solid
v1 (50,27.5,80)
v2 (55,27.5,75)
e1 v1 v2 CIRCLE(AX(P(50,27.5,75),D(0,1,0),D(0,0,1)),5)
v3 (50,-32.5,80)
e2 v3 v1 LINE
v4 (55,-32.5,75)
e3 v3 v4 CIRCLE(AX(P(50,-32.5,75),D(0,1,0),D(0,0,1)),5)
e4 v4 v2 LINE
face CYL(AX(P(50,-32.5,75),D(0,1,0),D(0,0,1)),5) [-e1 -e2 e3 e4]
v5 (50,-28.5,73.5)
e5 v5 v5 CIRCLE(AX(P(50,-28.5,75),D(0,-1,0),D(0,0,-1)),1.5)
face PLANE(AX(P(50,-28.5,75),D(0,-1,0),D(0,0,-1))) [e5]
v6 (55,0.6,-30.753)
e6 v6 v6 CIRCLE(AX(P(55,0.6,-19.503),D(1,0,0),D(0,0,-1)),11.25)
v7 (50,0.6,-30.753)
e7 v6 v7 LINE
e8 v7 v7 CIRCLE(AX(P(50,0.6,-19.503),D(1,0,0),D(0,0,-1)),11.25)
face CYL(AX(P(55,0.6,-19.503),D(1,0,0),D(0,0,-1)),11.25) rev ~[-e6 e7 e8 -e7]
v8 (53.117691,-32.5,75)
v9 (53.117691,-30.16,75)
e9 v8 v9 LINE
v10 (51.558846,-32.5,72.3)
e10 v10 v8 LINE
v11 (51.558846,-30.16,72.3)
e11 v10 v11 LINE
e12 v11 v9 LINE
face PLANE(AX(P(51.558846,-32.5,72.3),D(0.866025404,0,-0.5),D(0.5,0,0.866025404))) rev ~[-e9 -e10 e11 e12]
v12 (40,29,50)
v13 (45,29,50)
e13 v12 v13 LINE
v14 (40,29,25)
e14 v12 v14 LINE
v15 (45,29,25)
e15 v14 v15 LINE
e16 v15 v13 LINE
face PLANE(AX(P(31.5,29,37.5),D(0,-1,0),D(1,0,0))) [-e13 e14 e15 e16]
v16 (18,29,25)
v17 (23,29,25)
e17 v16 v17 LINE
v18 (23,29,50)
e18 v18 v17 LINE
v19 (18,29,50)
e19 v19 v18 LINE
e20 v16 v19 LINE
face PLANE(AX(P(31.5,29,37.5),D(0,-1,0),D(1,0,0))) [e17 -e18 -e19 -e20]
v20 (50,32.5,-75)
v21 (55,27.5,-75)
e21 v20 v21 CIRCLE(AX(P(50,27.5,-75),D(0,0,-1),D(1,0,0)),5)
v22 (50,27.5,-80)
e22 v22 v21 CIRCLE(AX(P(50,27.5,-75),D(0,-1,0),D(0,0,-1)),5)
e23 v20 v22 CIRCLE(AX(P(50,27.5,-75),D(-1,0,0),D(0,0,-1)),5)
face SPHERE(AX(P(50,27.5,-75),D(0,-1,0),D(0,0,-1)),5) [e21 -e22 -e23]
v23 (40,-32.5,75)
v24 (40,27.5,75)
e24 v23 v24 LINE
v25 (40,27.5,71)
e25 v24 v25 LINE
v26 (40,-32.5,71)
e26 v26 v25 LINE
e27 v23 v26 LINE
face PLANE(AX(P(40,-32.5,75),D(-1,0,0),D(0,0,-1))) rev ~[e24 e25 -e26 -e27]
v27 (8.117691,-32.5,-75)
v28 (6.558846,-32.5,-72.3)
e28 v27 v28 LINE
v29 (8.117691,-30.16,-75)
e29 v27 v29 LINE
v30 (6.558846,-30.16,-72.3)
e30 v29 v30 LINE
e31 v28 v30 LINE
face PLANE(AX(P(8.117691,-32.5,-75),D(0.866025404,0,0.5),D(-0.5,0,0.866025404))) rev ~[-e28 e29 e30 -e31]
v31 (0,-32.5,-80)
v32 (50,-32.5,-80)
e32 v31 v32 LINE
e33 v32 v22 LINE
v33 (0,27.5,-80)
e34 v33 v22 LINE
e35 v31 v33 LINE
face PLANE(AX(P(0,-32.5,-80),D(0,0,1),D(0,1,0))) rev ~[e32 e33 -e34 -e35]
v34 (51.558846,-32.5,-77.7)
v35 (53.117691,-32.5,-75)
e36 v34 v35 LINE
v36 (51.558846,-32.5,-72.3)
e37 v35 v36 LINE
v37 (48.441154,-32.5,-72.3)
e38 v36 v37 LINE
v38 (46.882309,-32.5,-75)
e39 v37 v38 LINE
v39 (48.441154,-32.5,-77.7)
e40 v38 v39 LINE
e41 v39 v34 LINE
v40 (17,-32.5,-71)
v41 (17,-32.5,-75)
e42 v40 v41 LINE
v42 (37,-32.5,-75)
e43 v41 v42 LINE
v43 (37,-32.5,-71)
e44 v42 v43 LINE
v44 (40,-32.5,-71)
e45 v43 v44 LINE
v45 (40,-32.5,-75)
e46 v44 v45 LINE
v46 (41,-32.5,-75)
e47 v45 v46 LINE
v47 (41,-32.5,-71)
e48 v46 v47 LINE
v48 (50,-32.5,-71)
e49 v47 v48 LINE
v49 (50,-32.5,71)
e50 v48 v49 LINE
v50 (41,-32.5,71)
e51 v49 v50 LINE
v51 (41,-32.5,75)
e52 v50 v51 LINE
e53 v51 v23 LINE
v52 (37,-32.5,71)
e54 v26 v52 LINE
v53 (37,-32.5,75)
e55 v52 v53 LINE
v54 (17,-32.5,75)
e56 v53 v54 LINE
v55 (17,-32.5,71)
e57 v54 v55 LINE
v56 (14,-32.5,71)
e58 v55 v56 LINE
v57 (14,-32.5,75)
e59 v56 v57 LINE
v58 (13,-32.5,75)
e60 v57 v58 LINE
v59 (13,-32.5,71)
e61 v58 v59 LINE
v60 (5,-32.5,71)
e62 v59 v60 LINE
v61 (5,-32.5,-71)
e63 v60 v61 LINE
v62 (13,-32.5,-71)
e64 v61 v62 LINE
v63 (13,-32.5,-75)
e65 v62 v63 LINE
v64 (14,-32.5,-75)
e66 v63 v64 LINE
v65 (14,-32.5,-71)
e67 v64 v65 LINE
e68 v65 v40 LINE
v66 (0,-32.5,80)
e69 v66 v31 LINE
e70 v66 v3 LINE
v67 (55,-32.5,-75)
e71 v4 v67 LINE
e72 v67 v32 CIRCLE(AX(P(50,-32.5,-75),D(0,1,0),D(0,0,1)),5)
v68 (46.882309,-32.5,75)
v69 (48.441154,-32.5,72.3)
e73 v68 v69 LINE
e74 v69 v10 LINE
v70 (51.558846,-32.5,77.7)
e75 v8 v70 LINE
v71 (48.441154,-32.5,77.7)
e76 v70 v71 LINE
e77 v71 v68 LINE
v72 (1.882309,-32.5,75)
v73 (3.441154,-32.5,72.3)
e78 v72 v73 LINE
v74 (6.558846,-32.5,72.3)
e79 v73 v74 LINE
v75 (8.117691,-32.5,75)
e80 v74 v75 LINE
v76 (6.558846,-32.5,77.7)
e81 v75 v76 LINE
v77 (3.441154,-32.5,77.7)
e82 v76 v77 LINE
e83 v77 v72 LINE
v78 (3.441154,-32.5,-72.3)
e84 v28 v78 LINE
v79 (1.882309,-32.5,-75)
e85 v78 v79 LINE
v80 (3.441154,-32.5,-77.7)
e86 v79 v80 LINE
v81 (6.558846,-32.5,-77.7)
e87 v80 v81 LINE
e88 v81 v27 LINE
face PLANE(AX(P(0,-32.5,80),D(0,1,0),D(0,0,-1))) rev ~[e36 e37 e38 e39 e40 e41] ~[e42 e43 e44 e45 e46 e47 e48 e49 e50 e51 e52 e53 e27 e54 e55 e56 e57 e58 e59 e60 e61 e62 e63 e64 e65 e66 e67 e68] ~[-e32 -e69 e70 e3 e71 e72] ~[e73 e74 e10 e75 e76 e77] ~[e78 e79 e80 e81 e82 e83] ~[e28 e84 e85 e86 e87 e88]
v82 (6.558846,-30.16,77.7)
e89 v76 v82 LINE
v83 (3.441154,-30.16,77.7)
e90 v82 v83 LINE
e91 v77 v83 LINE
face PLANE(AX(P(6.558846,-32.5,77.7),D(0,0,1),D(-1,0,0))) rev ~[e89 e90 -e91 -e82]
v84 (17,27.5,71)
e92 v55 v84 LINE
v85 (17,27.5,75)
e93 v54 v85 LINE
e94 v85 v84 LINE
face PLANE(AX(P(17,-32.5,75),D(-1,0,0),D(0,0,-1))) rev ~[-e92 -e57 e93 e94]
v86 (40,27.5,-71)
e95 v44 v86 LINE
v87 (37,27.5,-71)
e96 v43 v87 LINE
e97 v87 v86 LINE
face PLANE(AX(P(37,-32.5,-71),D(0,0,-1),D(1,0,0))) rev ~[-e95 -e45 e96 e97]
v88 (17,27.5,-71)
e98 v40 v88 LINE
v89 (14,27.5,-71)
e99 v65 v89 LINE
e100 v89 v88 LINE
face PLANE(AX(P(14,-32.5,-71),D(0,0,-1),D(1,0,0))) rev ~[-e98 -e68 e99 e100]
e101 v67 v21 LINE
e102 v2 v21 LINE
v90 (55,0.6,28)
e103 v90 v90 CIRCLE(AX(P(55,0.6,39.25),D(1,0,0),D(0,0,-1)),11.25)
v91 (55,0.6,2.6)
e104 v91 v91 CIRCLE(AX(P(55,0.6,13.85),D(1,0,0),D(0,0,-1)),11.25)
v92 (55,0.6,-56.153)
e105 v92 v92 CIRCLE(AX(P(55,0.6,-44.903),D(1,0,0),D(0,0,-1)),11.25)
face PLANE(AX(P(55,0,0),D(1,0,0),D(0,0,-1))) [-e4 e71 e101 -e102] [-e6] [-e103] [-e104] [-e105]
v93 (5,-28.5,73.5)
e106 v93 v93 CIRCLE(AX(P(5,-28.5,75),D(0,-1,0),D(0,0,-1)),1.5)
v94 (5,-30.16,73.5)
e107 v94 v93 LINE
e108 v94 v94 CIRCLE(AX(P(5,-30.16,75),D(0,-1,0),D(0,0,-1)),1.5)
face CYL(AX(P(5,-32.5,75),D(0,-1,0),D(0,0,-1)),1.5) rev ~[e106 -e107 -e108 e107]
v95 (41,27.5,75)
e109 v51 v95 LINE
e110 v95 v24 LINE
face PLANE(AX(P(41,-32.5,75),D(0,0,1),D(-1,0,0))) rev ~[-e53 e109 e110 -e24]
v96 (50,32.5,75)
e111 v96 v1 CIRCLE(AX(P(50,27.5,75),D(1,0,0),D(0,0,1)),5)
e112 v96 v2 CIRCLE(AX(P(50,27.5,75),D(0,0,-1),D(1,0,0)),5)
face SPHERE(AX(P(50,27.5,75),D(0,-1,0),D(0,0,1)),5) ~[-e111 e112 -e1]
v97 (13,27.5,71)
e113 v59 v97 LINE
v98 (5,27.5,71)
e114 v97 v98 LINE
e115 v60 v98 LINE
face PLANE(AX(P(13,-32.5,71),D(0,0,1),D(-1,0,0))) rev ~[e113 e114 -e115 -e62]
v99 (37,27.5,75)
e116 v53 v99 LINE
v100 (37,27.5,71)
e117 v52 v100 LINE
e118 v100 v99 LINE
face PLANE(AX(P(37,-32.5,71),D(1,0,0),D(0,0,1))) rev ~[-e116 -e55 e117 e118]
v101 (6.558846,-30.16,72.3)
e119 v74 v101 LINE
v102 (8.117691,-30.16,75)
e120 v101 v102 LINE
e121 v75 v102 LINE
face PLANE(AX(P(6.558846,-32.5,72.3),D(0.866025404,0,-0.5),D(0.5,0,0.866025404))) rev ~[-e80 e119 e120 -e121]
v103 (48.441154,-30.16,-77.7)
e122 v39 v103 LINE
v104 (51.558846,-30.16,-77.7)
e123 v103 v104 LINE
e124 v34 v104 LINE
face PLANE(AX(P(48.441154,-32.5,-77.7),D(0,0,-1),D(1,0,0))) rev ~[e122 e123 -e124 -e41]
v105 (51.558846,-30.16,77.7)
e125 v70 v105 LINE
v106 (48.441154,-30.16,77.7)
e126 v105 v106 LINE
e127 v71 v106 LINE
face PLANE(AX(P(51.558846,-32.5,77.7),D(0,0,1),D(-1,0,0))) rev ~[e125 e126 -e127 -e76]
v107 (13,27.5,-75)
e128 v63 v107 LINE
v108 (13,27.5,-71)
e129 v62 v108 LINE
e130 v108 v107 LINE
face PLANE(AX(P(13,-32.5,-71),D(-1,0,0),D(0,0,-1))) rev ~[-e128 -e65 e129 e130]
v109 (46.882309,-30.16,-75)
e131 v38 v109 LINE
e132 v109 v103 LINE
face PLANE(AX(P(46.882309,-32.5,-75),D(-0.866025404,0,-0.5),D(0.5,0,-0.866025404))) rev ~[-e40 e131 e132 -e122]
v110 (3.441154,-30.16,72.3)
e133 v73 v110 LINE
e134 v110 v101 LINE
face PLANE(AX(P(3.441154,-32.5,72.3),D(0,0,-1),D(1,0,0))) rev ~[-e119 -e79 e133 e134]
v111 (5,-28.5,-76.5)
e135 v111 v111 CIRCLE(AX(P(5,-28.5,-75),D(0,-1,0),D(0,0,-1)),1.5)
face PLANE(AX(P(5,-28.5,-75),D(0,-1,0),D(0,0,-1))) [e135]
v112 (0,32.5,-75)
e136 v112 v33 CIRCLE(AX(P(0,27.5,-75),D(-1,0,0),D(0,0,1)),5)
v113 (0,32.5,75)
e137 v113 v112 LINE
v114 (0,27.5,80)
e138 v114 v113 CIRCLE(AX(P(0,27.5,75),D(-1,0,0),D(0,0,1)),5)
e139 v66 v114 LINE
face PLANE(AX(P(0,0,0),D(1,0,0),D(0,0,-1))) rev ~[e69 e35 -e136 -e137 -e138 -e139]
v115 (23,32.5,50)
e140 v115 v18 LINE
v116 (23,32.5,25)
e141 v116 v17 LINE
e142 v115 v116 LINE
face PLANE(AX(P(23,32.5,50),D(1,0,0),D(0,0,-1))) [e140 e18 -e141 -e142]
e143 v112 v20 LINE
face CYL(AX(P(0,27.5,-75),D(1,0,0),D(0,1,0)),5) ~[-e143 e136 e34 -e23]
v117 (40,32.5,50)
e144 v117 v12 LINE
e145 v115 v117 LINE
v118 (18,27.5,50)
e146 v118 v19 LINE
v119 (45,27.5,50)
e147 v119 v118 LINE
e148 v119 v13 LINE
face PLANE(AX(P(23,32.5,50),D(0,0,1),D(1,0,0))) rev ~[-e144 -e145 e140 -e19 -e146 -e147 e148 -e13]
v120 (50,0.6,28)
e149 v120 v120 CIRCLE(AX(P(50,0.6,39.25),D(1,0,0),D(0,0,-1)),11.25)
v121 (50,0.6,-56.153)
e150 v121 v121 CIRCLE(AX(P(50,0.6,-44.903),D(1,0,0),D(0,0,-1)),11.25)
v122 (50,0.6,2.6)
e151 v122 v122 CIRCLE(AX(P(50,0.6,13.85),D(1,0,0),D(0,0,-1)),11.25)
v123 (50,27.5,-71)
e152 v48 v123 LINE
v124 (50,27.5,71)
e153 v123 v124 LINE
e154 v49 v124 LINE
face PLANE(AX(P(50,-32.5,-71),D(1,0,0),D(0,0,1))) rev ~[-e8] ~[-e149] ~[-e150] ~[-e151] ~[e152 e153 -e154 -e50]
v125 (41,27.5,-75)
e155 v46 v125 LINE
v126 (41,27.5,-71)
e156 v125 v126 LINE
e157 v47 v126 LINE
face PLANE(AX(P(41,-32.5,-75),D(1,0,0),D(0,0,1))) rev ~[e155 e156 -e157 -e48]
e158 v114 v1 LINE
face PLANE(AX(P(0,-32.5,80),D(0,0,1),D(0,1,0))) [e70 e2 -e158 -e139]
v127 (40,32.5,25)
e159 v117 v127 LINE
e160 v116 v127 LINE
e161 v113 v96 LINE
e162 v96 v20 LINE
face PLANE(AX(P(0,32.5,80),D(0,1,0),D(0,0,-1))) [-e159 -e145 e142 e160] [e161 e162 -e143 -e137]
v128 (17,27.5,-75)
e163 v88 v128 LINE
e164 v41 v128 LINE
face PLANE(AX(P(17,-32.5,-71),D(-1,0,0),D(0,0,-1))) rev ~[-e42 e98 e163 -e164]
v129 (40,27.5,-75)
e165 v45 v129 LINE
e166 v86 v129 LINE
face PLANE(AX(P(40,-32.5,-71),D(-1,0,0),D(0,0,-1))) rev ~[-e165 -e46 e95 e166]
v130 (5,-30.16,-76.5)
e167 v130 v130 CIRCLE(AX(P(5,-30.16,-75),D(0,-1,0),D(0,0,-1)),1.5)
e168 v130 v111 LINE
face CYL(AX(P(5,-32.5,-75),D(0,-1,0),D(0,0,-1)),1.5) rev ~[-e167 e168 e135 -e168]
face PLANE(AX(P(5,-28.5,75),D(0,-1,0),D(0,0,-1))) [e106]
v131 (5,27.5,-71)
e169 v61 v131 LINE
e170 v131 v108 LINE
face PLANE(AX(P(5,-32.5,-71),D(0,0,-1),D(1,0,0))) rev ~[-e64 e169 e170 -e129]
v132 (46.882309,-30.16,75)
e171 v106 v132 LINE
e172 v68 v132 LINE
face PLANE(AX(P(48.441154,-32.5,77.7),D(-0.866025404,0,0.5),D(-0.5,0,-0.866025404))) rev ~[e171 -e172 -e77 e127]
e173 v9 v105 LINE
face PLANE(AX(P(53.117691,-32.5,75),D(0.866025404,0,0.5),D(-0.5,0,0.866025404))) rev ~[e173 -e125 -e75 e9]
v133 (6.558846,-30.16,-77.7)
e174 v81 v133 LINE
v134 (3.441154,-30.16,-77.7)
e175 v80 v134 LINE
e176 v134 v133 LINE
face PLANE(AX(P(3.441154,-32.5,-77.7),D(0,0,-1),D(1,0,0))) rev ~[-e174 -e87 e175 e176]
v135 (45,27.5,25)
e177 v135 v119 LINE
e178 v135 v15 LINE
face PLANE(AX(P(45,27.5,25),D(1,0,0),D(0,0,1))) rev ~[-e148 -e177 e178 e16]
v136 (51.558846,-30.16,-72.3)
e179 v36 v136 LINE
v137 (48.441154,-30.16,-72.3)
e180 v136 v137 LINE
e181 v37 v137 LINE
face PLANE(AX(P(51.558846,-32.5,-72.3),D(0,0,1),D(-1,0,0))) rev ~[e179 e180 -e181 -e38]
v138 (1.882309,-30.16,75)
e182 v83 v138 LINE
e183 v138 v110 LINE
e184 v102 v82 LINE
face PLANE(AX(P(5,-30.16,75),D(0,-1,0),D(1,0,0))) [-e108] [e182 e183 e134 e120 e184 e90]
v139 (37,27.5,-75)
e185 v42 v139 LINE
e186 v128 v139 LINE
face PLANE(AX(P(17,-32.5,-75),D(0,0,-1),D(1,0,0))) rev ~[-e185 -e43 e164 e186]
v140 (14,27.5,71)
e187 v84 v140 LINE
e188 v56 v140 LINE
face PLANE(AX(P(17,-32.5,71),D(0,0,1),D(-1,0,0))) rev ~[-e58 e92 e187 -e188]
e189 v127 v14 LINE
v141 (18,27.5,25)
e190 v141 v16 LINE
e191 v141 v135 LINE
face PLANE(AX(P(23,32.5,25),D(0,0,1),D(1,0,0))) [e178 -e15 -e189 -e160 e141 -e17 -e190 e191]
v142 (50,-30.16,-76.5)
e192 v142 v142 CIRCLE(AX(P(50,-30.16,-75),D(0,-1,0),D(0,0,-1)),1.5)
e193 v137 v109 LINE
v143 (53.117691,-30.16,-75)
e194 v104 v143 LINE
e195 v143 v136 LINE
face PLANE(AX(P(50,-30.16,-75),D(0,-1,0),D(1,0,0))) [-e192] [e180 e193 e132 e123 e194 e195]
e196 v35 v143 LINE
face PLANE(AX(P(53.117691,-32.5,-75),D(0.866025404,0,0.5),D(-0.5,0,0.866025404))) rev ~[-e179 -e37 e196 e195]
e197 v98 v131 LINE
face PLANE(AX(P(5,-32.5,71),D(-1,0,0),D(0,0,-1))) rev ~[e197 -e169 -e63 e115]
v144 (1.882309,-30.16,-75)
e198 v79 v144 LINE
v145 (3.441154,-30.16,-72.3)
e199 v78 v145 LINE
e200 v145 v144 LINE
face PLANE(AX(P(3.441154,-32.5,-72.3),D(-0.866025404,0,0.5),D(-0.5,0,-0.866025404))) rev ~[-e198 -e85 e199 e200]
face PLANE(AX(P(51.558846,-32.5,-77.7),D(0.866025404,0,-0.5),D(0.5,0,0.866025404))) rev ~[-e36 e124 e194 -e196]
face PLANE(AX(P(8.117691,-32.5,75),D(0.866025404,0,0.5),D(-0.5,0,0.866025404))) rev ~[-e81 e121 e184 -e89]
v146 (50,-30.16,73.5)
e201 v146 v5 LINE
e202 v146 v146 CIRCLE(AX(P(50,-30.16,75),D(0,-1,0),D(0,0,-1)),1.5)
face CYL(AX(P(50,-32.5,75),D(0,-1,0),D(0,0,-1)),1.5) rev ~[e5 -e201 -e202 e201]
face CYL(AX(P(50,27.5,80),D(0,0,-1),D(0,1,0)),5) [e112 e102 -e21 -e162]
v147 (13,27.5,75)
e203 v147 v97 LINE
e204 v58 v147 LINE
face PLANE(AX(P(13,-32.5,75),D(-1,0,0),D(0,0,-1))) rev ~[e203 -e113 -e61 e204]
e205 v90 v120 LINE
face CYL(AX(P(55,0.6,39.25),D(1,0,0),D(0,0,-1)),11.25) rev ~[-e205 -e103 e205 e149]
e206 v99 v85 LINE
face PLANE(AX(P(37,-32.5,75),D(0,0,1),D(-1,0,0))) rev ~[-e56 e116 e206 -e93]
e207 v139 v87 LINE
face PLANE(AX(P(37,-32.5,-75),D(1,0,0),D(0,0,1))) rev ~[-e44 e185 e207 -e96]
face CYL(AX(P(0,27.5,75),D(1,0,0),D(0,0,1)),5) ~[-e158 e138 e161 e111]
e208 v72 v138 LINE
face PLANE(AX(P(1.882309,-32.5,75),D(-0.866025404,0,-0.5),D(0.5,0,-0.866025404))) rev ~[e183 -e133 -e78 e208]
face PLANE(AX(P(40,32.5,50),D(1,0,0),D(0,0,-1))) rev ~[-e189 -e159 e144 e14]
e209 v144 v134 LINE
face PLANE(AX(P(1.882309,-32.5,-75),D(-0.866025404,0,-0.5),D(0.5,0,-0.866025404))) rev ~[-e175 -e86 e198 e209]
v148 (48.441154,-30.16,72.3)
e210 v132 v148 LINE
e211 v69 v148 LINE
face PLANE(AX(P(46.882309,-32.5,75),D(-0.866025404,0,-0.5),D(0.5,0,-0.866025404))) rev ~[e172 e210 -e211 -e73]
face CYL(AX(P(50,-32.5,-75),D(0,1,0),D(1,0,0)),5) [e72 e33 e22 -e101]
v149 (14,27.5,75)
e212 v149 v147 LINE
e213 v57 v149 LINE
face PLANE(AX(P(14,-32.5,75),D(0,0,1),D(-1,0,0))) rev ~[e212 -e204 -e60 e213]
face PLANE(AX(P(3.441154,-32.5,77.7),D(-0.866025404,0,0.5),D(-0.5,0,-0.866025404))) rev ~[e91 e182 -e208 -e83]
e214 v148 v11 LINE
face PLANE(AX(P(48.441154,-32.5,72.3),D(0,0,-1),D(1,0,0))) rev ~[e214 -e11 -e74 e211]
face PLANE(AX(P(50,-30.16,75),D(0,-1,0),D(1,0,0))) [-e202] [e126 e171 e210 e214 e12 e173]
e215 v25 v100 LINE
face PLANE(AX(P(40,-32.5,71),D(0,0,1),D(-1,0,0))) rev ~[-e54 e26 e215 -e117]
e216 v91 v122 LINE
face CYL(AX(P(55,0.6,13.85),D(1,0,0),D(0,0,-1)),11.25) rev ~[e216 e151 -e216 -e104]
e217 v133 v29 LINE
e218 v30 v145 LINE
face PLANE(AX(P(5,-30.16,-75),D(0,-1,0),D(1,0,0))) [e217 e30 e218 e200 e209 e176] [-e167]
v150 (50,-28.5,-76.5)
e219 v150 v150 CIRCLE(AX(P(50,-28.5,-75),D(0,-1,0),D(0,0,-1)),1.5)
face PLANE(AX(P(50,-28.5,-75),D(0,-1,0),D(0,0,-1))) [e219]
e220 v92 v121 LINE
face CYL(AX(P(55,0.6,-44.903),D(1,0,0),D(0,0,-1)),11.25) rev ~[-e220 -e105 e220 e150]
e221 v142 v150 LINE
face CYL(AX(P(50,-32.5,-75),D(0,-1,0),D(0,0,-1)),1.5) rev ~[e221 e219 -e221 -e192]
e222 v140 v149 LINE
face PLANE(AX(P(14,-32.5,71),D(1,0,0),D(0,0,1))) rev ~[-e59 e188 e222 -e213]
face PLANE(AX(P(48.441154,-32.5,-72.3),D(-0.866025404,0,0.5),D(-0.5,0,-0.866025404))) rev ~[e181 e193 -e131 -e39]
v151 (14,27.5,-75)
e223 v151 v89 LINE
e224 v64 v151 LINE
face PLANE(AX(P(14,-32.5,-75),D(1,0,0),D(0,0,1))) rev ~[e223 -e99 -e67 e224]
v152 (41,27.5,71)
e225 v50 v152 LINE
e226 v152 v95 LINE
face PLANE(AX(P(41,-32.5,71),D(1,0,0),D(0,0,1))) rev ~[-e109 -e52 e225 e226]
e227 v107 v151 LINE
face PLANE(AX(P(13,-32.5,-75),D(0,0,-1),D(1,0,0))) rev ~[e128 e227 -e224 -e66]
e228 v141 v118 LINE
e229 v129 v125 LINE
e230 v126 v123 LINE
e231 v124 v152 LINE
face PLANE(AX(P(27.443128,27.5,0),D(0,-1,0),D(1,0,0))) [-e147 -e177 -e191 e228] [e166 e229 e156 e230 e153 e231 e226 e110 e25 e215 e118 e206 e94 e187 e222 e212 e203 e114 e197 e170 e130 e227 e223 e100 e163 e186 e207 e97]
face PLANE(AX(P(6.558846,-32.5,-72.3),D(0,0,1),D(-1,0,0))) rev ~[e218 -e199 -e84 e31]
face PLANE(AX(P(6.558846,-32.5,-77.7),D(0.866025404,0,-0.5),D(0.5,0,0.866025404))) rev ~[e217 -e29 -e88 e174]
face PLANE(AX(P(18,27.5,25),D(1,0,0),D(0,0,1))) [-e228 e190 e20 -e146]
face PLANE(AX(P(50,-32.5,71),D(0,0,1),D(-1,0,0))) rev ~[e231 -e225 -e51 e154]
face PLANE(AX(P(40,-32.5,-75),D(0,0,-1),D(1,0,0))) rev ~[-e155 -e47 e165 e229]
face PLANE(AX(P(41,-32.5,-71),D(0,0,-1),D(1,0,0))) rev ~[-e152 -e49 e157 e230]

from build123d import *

# Parameters (mm, degrees)
SKETCH_1_W          = 160
SKETCH_1_H          = 65
EXTRUDE_1_DEPTH     = 55
CUT_EXTRUDE_3_DEPTH = 60
SKETCH_6_W          = 17
SKETCH_6_H          = 25
CUT_EXTRUDE_4_DEPTH = 60
SKETCH_7_W          = 27
SKETCH_7_H          = 25
CUT_EXTRUDE_5_DEPTH = 1.5
SKETCH_9_R          = 11.25
CUT_EXTRUDE_6_DEPTH = 10
FILLET_3_R          = 5
CUT_EXTRUDE_7_DEPTH = 2.34
SKETCH_12_R         = 1.5
CUT_EXTRUDE_8_DEPTH = 4


with BuildPart() as part:
    # Эскиз1 → Бобышка-Вытянуть1 (new body)
    with BuildSketch(Plane(origin=(0, 0, 0), x_dir=(0, 0, -1), z_dir=(1, 0, 0))):
        Rectangle(SKETCH_1_W, SKETCH_1_H)
    extrude(amount=EXTRUDE_1_DEPTH)

    # Эскиз2 → Вырез-Вытянуть3 (cut)
    with BuildSketch(Plane.XZ.offset(32.5)):
        Polygon((5, -71), (10, -71), (13, -71), (13, -75), (14, -75), (14, -71), (17, -71), (17, -75), (37, -75), (37, -71), (40, -71), (40, -75), (41, -75), (41, -71), (44, -71), (50, -71), (50, 71), (44, 71), (41, 71), (41, 75), (40, 75), (40, 71), (37, 71), (37, 75), (17, 75), (17, 71), (14, 71), (14, 75), (13, 75), (13, 71), (10, 71), (5, 71), align=None)
    extrude(amount=-CUT_EXTRUDE_3_DEPTH, mode=Mode.SUBTRACT)

    # Эскиз6 → Вырез-Вытянуть4 (cut)
    with BuildSketch(Plane(origin=(0, 32.5, 0), x_dir=(1, 0, 0), z_dir=(0, 1, 0))):
        with Locations((31.5, -37.5)):
            Rectangle(SKETCH_6_W, SKETCH_6_H)
    extrude(amount=-CUT_EXTRUDE_4_DEPTH, mode=Mode.SUBTRACT)

    # Эскиз7 → Вырез-Вытянуть5 (cut)
    with BuildSketch(Plane.XZ.offset(-27.5)):
        with Locations((31.5, 37.5)):
            Rectangle(SKETCH_7_W, SKETCH_7_H)
    extrude(amount=-CUT_EXTRUDE_5_DEPTH, mode=Mode.SUBTRACT)

    # Эскиз9 → Вырез-Вытянуть6 (cut)
    with BuildSketch(Plane(origin=(55, 0, 0), x_dir=(0, 0, -1), z_dir=(1, 0, 0))):
        with Locations((-39.25, 0.6)):
            Circle(SKETCH_9_R)
        with Locations((19.503, 0.6)):
            Circle(SKETCH_9_R)
        with Locations((44.903, 0.6)):
            Circle(SKETCH_9_R)
        with Locations((-13.85, 0.6)):
            Circle(SKETCH_9_R)
    extrude(amount=-CUT_EXTRUDE_6_DEPTH, mode=Mode.SUBTRACT)

    # Скругление3
    fillet_3_edges = [part.edges().sort_by_distance(p)[0] for p in [
        (55, 0, -80),
        (55, 0, 80),
        (27.5, 32.5, -80),
        (27.5, 32.5, 80),
        (55, 32.5, 0),
    ]]
    fillet(fillet_3_edges, radius=FILLET_3_R)

    # Эскиз10 → Вырез-Вытянуть7 (cut)
    with BuildSketch(Plane.XZ.offset(32.5)):
        Polygon((51.558845727, 72.3), (53.117691454, 75), (51.558845727, 77.7), (48.441154273, 77.7), (46.882308546, 75), (48.441154273, 72.3), align=None)
        Polygon((6.558845727, 72.3), (8.117691454, 75), (6.558845727, 77.7), (3.441154273, 77.7), (1.882308546, 75), (3.441154273, 72.3), align=None)
        Polygon((8.117691454, -75), (6.558845727, -72.3), (3.441154273, -72.3), (1.882308546, -75), (3.441154273, -77.7), (6.558845727, -77.7), align=None)
        Polygon((51.558845727, -77.7), (53.117691454, -75), (51.558845727, -72.3), (48.441154273, -72.3), (46.882308546, -75), (48.441154273, -77.7), align=None)
    extrude(amount=-CUT_EXTRUDE_7_DEPTH, mode=Mode.SUBTRACT)

    # Эскиз12 → Вырез-Вытянуть8 (cut)
    with BuildSketch(Plane.XZ.offset(32.5)):
        with Locations(Location((50, 75, 0), (0, 0, 270))):
            Circle(SKETCH_12_R)
        with Locations(Location((50, -75, 0), (0, 0, 270))):
            Circle(SKETCH_12_R)
        with Locations(Location((5, -75, 0), (0, 0, 270))):
            Circle(SKETCH_12_R)
        with Locations(Location((5, 75, 0), (0, 0, 270))):
            Circle(SKETCH_12_R)
    extrude(amount=-CUT_EXTRUDE_8_DEPTH, mode=Mode.SUBTRACT)


solid = part.part
